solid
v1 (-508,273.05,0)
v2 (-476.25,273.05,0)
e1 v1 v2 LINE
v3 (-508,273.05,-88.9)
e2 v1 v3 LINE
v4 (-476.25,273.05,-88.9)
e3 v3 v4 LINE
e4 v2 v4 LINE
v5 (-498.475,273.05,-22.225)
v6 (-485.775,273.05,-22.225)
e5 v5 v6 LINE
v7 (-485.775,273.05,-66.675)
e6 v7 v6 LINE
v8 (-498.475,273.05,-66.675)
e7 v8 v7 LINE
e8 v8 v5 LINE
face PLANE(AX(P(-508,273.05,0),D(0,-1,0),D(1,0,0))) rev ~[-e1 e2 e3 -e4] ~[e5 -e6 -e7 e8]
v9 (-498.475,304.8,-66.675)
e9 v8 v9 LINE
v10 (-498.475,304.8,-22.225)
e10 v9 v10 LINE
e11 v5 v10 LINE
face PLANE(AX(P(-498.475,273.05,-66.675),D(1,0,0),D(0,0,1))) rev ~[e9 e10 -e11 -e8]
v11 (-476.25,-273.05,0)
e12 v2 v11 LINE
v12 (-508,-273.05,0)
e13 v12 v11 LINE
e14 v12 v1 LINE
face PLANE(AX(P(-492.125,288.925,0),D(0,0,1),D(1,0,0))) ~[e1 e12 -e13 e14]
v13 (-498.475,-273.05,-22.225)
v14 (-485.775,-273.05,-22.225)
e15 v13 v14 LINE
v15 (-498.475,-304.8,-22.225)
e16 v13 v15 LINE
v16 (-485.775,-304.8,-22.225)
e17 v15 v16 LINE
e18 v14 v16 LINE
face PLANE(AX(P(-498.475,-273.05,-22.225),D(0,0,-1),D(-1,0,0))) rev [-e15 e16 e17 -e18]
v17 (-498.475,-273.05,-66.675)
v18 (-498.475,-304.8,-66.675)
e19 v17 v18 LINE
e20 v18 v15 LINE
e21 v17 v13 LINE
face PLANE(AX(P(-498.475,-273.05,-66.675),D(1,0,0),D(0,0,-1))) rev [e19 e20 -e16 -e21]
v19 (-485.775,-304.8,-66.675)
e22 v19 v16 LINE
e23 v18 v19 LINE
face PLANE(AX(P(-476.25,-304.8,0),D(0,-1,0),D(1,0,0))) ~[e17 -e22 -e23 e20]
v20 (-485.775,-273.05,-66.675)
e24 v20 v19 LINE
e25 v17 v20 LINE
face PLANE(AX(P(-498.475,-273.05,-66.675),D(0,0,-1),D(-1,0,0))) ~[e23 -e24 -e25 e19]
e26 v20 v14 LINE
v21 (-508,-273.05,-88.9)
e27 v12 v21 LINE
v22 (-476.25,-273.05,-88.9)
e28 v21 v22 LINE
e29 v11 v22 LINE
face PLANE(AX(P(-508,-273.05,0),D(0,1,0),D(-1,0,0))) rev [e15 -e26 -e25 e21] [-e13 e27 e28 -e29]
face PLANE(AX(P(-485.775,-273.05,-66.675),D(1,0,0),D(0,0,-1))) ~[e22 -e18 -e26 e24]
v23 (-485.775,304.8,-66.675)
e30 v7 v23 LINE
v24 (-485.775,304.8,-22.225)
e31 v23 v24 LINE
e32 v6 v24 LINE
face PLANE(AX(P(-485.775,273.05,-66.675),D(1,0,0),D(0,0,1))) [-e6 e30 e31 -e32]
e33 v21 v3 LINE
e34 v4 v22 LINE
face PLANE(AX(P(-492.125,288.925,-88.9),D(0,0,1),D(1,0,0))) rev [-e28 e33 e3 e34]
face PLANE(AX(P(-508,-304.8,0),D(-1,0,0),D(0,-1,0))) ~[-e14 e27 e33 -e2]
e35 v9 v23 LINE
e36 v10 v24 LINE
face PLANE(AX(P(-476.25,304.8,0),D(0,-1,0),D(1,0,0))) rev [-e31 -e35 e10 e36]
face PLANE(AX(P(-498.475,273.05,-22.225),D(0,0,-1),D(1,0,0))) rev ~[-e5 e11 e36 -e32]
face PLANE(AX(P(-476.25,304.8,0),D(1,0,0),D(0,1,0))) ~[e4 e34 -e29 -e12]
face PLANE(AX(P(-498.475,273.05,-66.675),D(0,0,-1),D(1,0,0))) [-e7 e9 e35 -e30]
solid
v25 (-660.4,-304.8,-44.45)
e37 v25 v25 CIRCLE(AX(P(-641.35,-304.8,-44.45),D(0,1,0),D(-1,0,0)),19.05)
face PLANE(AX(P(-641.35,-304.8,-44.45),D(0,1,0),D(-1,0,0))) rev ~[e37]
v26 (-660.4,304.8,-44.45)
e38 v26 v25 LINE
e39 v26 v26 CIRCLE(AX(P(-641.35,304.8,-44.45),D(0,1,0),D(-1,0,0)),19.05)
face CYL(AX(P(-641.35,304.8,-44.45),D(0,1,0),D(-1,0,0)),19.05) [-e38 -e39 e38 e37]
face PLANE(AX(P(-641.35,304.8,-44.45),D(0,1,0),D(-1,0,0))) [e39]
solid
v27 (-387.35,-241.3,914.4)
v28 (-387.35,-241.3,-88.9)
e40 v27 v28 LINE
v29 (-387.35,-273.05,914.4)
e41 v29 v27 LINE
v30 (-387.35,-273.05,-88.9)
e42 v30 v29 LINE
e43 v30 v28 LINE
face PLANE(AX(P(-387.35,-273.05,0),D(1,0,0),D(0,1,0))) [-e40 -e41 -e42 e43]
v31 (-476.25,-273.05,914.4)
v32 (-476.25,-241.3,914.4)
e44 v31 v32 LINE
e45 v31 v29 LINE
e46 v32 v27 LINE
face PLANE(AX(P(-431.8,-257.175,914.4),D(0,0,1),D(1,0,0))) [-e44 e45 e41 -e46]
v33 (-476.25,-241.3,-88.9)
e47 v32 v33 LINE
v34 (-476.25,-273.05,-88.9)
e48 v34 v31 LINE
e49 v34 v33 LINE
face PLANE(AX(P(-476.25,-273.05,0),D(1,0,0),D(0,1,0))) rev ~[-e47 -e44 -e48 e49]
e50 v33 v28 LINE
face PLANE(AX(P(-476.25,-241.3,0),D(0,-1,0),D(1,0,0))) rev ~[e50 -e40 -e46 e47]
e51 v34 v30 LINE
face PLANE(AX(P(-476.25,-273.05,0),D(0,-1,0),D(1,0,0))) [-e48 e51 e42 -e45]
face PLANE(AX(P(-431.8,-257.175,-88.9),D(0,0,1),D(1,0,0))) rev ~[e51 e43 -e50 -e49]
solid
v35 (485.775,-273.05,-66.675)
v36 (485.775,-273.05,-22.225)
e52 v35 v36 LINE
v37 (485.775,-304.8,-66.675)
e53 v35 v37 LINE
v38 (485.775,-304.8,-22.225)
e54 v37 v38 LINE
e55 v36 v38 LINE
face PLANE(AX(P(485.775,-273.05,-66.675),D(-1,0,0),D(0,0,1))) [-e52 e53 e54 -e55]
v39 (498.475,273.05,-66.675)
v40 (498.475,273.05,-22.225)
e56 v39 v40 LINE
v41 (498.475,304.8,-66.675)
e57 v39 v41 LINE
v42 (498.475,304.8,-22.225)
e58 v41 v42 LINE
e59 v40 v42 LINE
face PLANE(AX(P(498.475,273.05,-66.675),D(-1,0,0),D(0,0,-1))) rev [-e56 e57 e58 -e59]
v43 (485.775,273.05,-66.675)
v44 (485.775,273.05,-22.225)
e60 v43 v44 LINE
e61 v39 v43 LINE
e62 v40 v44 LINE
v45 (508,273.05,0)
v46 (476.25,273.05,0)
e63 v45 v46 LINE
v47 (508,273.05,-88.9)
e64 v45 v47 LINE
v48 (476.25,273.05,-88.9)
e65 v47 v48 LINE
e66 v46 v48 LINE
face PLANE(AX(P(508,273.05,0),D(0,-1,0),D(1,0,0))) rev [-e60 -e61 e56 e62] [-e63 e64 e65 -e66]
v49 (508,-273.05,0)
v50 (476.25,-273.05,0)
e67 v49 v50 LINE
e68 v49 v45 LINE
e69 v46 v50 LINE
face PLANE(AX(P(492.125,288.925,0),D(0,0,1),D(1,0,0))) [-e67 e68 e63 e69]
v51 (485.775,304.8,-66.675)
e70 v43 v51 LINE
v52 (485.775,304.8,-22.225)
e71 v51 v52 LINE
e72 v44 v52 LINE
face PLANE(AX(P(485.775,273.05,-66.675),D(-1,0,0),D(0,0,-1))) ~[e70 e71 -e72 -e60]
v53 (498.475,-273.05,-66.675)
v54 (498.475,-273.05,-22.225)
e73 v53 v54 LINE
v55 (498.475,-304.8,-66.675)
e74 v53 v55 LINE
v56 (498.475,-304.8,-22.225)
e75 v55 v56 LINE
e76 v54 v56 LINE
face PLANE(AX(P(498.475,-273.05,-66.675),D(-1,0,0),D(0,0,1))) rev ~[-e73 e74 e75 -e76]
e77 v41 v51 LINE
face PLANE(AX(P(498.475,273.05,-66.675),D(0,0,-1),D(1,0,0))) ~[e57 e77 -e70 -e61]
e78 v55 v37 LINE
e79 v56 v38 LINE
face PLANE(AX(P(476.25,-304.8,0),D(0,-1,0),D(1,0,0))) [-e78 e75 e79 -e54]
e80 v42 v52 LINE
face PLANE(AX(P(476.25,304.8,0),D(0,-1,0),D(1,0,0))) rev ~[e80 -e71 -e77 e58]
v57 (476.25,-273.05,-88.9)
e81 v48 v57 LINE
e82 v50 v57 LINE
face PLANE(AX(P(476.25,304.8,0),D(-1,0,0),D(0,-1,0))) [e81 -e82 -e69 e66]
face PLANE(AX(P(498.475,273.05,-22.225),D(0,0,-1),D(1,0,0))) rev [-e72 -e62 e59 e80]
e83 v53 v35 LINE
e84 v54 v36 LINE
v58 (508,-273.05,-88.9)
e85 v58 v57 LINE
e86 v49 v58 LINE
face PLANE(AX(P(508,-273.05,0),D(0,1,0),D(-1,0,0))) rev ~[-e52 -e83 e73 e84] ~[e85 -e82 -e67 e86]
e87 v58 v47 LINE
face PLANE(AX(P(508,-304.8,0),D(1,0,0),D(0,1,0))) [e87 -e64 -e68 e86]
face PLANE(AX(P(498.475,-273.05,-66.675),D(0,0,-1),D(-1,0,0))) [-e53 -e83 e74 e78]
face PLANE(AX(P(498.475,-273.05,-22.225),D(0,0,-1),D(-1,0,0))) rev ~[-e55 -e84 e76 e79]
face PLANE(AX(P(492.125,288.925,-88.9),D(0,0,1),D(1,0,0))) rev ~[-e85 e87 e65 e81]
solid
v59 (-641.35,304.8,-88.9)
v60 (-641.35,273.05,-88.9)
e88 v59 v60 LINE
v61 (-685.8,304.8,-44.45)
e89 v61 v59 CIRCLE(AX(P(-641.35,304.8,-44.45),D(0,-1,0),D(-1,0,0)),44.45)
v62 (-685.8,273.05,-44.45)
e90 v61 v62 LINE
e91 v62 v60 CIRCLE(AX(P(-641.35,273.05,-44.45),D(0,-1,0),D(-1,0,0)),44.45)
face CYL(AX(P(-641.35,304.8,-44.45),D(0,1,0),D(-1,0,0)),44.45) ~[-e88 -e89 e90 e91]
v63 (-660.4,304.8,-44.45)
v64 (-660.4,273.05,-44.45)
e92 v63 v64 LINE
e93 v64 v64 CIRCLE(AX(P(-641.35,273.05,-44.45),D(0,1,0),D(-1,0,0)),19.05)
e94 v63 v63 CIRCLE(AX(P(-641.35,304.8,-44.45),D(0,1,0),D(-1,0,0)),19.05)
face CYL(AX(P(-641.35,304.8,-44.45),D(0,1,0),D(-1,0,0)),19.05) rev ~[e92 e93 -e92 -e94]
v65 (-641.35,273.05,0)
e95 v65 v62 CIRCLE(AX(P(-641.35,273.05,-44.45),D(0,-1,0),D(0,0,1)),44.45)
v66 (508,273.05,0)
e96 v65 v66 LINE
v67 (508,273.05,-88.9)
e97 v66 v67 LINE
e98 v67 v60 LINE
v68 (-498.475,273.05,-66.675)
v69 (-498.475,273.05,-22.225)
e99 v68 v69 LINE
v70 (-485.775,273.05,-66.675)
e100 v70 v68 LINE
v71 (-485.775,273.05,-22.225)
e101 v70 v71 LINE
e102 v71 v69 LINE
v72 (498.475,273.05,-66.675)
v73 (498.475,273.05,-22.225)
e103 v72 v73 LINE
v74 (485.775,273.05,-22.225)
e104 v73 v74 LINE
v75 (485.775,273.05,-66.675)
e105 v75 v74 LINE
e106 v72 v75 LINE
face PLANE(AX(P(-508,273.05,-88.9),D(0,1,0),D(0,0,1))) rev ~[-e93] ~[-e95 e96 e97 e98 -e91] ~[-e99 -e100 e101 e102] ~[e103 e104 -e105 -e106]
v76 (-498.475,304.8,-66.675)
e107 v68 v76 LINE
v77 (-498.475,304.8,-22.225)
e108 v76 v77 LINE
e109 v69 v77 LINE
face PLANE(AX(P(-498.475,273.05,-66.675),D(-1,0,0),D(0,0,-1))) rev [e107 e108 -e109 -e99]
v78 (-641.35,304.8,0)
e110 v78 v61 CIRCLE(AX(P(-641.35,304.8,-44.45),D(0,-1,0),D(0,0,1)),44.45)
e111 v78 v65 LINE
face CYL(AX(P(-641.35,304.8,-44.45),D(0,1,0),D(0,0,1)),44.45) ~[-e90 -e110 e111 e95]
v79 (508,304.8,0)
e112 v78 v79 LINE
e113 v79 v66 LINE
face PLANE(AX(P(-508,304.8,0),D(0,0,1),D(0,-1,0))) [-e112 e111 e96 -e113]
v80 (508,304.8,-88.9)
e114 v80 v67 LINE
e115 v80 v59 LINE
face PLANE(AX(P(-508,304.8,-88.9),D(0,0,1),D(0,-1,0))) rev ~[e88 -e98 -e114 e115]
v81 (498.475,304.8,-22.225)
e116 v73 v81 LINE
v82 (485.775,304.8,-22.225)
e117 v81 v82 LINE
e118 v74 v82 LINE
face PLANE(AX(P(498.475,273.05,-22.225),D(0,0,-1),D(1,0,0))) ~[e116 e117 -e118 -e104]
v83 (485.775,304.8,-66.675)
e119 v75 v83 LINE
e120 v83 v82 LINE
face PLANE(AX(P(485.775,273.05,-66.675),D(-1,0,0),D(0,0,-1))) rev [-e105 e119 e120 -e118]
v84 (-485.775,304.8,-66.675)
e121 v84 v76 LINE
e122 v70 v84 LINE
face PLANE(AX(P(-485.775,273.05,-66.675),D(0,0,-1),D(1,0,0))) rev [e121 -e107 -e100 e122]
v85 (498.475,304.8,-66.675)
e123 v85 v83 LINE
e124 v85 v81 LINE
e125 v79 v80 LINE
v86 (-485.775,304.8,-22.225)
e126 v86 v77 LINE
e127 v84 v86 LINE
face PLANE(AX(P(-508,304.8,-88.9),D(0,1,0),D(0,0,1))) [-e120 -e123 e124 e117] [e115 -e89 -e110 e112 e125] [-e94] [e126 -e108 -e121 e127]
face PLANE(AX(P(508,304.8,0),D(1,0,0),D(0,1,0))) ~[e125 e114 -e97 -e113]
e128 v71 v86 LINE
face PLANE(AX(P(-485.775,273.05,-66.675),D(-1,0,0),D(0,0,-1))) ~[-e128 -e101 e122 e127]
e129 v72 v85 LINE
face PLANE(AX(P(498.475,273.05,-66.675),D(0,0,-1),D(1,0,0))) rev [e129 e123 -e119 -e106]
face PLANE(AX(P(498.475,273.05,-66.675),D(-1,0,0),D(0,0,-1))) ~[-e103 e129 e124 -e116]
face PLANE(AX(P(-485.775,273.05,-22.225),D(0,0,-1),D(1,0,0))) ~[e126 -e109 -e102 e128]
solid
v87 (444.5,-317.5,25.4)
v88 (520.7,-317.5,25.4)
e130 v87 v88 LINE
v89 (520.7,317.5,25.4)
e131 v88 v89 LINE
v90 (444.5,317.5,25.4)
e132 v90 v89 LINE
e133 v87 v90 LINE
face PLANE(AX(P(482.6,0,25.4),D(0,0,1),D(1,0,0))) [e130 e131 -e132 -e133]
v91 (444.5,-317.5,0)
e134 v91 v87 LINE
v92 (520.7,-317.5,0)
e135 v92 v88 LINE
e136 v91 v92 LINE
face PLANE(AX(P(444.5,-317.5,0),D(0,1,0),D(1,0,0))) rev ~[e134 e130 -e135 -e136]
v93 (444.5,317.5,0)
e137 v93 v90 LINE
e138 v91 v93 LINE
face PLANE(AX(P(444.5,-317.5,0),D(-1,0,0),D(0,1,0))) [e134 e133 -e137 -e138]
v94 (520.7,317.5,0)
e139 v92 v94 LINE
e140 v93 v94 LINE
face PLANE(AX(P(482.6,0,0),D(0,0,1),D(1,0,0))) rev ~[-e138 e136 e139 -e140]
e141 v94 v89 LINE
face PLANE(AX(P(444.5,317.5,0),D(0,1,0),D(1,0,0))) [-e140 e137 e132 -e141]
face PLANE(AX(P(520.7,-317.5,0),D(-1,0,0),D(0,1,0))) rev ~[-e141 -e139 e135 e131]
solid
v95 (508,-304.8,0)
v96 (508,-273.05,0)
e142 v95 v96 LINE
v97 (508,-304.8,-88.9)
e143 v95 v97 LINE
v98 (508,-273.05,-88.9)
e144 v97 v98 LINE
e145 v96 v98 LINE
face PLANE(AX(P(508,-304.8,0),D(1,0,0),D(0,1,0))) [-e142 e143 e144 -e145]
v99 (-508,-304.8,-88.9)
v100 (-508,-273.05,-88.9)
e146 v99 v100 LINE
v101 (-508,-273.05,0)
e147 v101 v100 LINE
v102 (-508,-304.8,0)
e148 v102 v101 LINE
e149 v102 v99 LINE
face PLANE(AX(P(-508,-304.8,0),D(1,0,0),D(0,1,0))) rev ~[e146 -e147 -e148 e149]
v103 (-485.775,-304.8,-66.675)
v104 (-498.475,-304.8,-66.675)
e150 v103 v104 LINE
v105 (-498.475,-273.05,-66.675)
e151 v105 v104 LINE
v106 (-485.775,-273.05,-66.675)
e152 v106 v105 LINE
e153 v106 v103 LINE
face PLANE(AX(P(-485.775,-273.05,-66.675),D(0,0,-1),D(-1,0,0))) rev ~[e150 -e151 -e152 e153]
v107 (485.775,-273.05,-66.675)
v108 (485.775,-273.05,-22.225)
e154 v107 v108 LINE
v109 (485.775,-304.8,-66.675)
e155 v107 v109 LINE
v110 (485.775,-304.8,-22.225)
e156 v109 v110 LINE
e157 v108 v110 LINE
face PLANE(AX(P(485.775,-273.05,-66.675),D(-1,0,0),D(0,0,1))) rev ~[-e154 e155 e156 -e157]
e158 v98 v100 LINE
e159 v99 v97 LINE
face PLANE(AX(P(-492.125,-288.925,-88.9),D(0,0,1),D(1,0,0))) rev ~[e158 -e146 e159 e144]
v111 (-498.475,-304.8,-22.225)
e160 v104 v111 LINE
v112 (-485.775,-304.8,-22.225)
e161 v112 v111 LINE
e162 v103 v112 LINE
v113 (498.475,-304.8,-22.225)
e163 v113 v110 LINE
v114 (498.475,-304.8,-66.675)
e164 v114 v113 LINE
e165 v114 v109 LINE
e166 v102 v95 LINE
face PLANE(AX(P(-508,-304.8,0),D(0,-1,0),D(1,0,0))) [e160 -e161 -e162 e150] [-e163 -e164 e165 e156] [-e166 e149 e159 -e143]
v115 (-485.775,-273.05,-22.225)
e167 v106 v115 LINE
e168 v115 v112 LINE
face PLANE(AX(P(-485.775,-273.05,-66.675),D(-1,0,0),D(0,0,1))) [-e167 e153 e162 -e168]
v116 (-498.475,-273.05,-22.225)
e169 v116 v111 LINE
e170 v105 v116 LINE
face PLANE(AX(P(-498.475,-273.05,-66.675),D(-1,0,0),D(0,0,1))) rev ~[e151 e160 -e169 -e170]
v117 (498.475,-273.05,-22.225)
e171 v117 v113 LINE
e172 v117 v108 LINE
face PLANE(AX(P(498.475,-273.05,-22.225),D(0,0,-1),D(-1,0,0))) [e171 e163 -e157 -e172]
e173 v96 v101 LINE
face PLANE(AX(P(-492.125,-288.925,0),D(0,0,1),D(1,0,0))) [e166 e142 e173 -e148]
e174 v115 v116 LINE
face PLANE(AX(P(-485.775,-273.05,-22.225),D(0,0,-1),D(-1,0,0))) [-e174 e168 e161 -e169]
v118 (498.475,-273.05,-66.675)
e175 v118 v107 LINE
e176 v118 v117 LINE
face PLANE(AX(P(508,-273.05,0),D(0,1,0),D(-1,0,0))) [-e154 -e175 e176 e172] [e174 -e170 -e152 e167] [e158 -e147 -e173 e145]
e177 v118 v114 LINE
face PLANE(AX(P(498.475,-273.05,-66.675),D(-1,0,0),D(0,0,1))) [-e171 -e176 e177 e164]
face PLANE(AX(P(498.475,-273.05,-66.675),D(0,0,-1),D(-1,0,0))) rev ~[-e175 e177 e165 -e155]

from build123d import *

# Parameters (mm, degrees)
F0_W          = 31.75
F0_H          = 31.75
F0_W_2        = 952.5
F1_DEPTH      = 88.9
F2_W          = 12.7
F2_H          = 44.45
F3_DEPTH      = 31.75
F0_H_2        = 546.1
F5_DEPTH      = 88.9
F8_W          = 88.9
F8_H          = 31.75
F9_DEPTH      = 914.4
F9_DEPTH_BACK = 88.9
F10_W         = 31.75
F10_H         = 88.9
F11_DEPTH     = 177.8
F12_R         = 19.05
F13_DEPTH     = 31.75
F14_DEPTH     = 609.6
F15_W         = 76.2
F15_H         = 635
F16_DEPTH     = 25.4


with BuildPart() as f1:
    # F0 (on Top) → F1 (new body)
    with BuildSketch(Plane.XY):
        with Locations((-492.125, -288.925)):
            Rectangle(F0_W, F0_H)
        with Locations((0, -288.925)):
            Rectangle(F0_W_2, F0_H)
        with Locations((492.125, -288.925)):
            Rectangle(F0_W, F0_H)
    extrude(amount=-F1_DEPTH)

    # F2 (on face) → F3 (cut, through all)
    with BuildSketch(Plane(origin=(0, -273.05, 0), x_dir=(-1, 0, 0), z_dir=(0, 1, 0))):
        with Locations((-492.125, -44.45)):
            Rectangle(F2_W, F2_H)
        with Locations((492.125, -44.45)):
            Rectangle(F2_W, F2_H)
    extrude(amount=-F3_DEPTH, mode=Mode.SUBTRACT)


with BuildPart() as f4_1:
    # F4: instance of F1
    add(f1.part.mirror(Plane.XZ))


with BuildPart() as f5:
    # F0 (on Top) → F5 (new body, through all)
    with BuildSketch(Plane.XY):
        with Locations((492.125, 288.925)):
            Rectangle(F0_W, F0_H)
        with Locations((492.125, 0)):
            Rectangle(F0_W, F0_H_2)
        with Locations((492.125, -288.925)):
            Rectangle(F0_W, F0_H)
    extrude(amount=-F5_DEPTH)

    # F6: cut F1, F4_1
    add(f1.part, mode=Mode.SUBTRACT)
    add(f4_1.part, mode=Mode.SUBTRACT)


with BuildPart() as f7_1:
    # F7: instance of F5
    add(f5.part.mirror(Plane.YZ))


with BuildPart() as f9:
    # F8 (on face) → F9 (new body, two sides)
    with BuildSketch(Plane.XY) as f9_sk:
        with Locations((-431.8, -257.175)):
            Rectangle(F8_W, F8_H)
    extrude(amount=F9_DEPTH)
    extrude(f9_sk.sketch, amount=-F9_DEPTH_BACK)


with BuildPart() as f4_1_1:
    add(f4_1.part)

    # F10 (on face) → F11 (join)
    with BuildSketch(Plane(origin=(-508, 0, 0), x_dir=(0, -1, 0), z_dir=(-1, 0, 0))):
        with Locations((-288.925, -44.45)):
            Rectangle(F10_W, F10_H)
    extrude(amount=F11_DEPTH)

    # F12 (on face) → F13 (cut, through all)
    with BuildSketch(Plane(origin=(0, 304.8, 0), x_dir=(-1, 0, 0), z_dir=(0, 1, 0))):
        with BuildLine():
            Line((641.35, -88.9), (685.8, -88.9))
            Line((685.8, -88.9), (685.8, -44.45))
            ThreePointArc((685.8, -44.45), (672.7808964237, -75.8808964237), (641.35, -88.9))
        make_face()
        with BuildLine():
            ThreePointArc((641.35, 0), (672.7808964237, -13.0191035763), (685.8, -44.45))
            Line((685.8, -44.45), (685.8, 0))
            Line((685.8, 0), (641.35, 0))
        make_face()
        with Locations((641.35, -44.45)):
            Circle(F12_R)
    extrude(amount=-F13_DEPTH, mode=Mode.SUBTRACT)


with BuildPart() as f14:
    # F12 (on face) → F14 (new body, through all)
    with BuildSketch(Plane(origin=(0, 304.8, 0), x_dir=(-1, 0, 0), z_dir=(0, 1, 0))):
        with Locations((641.35, -44.45)):
            Circle(F12_R)
    extrude(amount=-F14_DEPTH)


with BuildPart() as f16:
    # F15 (on Top) → F16 (new body)
    with BuildSketch(Plane.XY):
        with Locations((482.6, 0)):
            Rectangle(F15_W, F15_H)
    extrude(amount=F16_DEPTH)


solid = Compound([f1.part, f5.part, f7_1.part, f9.part, f4_1_1.part, f14.part, f16.part])
